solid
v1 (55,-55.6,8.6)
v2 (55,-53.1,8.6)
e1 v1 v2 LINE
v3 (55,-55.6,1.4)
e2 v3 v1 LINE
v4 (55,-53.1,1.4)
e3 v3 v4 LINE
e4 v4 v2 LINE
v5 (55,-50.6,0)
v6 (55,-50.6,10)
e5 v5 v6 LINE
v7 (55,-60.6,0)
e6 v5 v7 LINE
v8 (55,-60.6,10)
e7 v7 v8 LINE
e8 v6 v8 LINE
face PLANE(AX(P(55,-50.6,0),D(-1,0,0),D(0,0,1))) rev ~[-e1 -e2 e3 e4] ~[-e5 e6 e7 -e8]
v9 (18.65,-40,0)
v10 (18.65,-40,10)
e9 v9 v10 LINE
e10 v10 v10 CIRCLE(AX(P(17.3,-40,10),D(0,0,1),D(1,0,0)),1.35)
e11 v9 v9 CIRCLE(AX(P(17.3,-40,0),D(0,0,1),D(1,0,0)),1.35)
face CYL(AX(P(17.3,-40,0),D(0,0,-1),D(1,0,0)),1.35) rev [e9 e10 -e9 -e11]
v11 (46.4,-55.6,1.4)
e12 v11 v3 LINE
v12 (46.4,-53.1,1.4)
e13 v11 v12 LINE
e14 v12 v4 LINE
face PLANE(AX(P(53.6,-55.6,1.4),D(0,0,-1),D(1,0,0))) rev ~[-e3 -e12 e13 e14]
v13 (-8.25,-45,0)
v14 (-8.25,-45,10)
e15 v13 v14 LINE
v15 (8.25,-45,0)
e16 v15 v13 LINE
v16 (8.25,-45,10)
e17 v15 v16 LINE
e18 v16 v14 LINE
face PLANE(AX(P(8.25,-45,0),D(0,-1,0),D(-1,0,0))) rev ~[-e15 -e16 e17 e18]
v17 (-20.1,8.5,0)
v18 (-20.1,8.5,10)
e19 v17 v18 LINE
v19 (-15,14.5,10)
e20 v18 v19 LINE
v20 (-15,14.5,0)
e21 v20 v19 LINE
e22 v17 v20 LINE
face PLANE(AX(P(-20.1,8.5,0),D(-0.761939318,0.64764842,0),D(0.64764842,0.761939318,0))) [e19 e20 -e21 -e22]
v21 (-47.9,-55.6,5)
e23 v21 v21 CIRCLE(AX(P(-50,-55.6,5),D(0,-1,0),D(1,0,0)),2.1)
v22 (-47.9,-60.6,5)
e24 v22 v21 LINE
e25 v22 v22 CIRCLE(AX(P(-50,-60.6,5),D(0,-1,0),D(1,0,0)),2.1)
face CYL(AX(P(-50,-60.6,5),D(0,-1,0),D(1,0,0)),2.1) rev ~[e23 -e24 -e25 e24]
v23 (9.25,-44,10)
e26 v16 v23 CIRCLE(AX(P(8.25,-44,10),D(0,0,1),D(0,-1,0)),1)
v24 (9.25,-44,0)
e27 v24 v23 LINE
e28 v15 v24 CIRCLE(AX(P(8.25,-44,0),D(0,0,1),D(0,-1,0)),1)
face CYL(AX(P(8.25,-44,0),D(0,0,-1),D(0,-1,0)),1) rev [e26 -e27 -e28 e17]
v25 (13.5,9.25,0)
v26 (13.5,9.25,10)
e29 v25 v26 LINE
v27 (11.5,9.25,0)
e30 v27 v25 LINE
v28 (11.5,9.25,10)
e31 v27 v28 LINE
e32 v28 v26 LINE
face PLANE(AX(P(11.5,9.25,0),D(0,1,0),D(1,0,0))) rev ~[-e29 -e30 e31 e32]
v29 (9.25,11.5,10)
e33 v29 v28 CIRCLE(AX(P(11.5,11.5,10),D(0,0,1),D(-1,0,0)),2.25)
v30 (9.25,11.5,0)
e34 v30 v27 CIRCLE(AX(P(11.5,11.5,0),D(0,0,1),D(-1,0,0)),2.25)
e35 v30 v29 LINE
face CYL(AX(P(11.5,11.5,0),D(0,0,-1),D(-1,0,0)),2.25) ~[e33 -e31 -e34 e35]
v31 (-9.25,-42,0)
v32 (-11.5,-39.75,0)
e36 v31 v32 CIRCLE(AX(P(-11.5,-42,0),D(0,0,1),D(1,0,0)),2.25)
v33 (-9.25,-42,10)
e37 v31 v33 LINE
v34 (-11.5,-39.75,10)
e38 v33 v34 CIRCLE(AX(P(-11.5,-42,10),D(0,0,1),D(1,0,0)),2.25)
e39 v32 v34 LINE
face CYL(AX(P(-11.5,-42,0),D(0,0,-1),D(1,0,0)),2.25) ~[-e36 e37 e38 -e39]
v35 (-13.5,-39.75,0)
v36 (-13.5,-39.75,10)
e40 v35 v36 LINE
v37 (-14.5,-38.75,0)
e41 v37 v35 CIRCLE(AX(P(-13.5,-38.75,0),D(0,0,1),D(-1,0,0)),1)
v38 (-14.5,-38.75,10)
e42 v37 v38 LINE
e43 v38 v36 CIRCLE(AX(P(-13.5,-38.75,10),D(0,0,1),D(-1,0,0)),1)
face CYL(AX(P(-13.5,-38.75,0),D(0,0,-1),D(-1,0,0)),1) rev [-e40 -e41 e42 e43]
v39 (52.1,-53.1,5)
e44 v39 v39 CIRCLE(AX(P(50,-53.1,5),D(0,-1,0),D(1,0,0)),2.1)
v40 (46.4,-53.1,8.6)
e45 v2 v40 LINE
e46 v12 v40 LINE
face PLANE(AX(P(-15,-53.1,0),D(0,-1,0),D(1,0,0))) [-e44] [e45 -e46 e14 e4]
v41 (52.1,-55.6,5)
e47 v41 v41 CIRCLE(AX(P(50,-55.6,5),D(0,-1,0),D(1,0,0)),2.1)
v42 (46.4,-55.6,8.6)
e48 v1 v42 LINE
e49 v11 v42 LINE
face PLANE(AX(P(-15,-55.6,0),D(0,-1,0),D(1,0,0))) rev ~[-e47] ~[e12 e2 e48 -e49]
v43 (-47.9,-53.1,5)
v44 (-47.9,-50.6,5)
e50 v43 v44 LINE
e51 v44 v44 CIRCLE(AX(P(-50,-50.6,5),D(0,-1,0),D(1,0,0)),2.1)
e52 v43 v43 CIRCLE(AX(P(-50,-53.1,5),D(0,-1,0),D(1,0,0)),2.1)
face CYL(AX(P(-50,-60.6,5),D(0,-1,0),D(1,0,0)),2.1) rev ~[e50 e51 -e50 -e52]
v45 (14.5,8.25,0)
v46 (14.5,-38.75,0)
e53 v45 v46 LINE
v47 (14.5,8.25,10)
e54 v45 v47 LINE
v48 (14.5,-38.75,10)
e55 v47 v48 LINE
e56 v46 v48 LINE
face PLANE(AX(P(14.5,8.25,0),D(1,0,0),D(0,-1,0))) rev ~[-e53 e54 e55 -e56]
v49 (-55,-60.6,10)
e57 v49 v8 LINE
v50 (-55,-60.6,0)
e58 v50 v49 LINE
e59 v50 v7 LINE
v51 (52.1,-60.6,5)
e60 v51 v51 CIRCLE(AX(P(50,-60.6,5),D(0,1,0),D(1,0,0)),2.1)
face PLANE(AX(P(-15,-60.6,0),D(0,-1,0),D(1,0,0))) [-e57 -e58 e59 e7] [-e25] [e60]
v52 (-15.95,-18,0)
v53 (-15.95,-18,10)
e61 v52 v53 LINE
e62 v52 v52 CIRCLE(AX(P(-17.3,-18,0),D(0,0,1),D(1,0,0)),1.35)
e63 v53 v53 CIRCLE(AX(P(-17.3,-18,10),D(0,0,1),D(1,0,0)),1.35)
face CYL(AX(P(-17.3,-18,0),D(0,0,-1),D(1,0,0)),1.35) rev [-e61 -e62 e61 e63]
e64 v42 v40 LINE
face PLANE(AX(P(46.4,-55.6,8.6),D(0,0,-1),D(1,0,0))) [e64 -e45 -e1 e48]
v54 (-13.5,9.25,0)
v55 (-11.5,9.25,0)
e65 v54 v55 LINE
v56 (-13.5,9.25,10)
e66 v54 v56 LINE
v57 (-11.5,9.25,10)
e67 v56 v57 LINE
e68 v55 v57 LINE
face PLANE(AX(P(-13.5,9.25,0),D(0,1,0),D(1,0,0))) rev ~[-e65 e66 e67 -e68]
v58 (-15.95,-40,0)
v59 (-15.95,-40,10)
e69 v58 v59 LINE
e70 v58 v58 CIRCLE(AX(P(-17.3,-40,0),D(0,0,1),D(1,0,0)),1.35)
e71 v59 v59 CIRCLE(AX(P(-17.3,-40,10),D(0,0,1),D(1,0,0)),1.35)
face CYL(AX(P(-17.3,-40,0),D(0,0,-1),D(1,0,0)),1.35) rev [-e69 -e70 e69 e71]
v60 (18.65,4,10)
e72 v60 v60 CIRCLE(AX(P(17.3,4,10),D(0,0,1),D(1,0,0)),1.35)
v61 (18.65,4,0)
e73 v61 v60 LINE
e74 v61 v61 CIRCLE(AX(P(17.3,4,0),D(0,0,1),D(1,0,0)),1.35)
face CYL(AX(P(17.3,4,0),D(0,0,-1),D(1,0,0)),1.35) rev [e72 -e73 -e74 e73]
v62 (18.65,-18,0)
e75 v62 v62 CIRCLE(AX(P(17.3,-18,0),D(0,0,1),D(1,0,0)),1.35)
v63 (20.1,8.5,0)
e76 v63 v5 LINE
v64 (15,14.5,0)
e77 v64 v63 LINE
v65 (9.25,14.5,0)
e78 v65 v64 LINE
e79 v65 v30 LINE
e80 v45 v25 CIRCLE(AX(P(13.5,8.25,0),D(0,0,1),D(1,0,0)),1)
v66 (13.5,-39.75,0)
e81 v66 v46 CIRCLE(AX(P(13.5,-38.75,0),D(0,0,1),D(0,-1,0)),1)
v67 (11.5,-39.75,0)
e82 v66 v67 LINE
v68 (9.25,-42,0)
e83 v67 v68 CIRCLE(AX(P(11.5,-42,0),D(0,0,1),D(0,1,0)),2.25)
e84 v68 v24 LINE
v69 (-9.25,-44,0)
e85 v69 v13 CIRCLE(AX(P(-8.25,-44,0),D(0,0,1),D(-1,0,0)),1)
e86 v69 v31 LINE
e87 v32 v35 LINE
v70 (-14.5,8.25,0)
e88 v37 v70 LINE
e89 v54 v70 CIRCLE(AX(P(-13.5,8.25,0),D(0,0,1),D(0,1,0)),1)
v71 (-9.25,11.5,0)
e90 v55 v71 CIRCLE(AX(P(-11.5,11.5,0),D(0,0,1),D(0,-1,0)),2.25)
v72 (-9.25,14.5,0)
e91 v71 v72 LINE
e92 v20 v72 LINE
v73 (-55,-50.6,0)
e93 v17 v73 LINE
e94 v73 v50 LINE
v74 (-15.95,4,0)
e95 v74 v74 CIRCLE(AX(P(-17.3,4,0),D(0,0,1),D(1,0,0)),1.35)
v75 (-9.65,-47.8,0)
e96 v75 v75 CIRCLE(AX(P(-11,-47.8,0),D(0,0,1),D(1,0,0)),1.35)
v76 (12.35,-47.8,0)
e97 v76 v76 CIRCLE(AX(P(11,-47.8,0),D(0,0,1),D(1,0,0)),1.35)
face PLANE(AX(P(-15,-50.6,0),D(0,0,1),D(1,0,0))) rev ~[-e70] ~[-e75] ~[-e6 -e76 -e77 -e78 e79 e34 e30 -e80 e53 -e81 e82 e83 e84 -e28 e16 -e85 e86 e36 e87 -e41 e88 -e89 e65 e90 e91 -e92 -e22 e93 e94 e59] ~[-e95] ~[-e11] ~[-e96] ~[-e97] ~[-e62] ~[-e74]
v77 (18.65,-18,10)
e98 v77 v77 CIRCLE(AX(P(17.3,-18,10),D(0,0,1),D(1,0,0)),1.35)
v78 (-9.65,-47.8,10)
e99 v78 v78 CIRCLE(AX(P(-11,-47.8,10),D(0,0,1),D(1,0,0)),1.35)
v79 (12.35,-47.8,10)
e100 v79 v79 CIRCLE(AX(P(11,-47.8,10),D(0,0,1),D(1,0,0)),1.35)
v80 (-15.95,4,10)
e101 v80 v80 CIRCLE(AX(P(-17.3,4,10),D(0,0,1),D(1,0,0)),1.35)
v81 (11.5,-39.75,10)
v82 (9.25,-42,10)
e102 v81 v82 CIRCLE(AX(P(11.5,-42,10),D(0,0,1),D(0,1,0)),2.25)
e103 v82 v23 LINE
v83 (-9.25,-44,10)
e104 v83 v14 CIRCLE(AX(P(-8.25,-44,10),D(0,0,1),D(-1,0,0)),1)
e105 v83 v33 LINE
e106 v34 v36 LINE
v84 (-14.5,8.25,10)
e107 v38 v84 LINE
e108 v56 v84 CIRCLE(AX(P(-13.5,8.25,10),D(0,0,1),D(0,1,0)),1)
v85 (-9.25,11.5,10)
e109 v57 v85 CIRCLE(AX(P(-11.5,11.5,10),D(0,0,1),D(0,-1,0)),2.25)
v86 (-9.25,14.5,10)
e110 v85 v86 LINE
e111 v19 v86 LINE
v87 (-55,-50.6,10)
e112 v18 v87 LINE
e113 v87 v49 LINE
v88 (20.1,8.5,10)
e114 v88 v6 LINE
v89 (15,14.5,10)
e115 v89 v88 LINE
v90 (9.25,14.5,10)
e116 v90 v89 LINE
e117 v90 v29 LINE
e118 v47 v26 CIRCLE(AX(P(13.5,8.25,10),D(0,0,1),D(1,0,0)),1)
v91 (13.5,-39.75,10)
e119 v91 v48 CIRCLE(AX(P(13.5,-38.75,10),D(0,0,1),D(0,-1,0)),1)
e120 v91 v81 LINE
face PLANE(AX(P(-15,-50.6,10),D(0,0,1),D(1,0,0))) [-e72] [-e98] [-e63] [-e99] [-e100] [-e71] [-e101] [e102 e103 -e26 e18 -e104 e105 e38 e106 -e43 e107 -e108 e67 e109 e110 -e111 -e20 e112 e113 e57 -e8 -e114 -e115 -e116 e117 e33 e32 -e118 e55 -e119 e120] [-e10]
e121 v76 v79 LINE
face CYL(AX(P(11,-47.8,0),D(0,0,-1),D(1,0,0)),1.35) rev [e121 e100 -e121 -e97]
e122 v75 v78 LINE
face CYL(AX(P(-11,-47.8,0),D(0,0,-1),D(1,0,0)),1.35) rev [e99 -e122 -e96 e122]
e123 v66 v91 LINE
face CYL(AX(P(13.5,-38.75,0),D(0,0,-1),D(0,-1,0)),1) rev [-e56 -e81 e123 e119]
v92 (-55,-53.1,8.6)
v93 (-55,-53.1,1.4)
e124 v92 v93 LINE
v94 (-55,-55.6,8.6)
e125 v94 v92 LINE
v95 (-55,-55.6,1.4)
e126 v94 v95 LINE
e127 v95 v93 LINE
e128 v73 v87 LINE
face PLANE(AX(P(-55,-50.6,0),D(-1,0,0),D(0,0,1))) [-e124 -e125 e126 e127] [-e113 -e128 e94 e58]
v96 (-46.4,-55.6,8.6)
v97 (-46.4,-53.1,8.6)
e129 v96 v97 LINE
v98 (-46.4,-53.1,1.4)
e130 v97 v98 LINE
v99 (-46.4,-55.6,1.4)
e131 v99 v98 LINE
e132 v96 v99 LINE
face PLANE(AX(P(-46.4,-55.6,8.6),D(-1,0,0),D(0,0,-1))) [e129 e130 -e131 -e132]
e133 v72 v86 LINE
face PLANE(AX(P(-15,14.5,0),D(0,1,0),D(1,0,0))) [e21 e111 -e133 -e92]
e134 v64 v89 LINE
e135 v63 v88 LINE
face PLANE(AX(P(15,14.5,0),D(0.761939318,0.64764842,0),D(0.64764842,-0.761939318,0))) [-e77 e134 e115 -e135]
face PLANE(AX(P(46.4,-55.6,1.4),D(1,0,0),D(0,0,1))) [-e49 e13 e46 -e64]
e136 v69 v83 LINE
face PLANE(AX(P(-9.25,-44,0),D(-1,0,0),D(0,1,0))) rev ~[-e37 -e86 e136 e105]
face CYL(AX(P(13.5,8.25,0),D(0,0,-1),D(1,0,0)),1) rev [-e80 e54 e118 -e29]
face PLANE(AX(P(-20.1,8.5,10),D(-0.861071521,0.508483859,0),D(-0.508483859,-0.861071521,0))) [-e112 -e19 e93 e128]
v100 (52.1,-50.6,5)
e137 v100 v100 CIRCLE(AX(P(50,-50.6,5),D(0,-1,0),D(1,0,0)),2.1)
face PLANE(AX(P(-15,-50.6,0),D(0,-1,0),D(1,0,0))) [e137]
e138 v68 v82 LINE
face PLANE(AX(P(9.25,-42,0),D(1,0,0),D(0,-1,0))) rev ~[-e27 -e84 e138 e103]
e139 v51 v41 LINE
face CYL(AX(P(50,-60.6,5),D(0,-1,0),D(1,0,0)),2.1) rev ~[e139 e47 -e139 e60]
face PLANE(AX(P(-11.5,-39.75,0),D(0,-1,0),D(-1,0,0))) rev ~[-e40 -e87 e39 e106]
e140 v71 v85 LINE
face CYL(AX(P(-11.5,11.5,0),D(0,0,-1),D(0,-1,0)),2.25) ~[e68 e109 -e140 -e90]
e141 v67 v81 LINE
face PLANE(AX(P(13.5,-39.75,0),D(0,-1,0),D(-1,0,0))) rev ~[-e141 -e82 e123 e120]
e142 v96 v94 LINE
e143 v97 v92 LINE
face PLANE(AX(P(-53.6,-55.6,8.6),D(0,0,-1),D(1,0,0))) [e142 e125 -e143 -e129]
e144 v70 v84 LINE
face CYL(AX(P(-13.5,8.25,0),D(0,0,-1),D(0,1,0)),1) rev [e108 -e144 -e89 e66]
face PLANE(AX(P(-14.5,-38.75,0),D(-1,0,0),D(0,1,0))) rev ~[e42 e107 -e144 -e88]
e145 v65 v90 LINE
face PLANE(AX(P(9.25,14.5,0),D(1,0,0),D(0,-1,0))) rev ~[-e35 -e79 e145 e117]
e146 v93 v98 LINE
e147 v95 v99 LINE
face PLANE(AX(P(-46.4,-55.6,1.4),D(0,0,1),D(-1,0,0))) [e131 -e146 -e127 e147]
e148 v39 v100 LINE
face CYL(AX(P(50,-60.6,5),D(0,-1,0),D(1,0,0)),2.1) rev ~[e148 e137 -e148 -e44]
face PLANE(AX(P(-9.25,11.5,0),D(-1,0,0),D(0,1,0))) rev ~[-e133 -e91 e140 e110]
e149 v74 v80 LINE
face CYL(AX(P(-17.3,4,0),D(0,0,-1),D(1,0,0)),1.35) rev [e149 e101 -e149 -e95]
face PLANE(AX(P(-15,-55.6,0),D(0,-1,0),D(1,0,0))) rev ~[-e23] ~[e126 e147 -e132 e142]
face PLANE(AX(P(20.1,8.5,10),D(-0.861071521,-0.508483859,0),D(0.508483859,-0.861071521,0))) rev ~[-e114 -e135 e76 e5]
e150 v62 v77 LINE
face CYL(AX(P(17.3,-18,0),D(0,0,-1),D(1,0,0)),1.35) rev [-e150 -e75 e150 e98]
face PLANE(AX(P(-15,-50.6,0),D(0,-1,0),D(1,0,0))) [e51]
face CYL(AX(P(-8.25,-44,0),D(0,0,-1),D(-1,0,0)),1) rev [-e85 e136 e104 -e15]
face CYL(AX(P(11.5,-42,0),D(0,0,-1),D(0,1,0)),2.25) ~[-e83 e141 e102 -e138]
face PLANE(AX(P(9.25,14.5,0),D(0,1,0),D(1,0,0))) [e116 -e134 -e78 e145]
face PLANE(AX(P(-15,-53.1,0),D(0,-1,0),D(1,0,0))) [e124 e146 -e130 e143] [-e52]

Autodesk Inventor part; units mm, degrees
ref_plane "YZ Plane" through (0, 0, 0) normal (1, 0, 0) x (0, 1, 0)
ref_plane "XZ Plane" through (0, 0, 0) normal (0, 1, 0) x (-1, 0, 0)
ref_plane "XY Plane" through (0, 0, 0) normal (0, 0, 1) x (1, 0, 0)
sketch "Sketch1" plane through (0, 0, 0) normal (0, 0, 1) x (1, 0, 0)
  line L0 (13.5, -39.75) -> (11.5, -39.75) projected
  arc A0 (11.5, -39.75) -> (9.25, -42) centre (11.5, -42) ccw projected
  line L1 (9.25, -42) -> (9.25, -44) projected
  arc A1 (8.25, -45) -> (9.25, -44) centre (8.25, -44) ccw projected
  line L2 (8.25, -45) -> (-8.25, -45) projected
  arc A2 (-9.25, -44) -> (-8.25, -45) centre (-8.25, -44) ccw projected
  line L3 (-9.25, -44) -> (-9.25, -42) projected
  arc A3 (-9.25, -42) -> (-11.5, -39.75) centre (-11.5, -42) ccw projected
  line L4 (-11.5, -39.75) -> (-13.5, -39.75) projected
  arc A4 (-14.5, -38.75) -> (-13.5, -39.75) centre (-13.5, -38.75) ccw projected
  line L5 (-14.5, -38.75) -> (-14.5, 8.25) projected
  arc A5 (-13.5, 9.25) -> (-14.5, 8.25) centre (-13.5, 8.25) ccw projected
  line L6 (-13.5, 9.25) -> (-11.5, 9.25) projected
  arc A6 (-11.5, 9.25) -> (-9.25, 11.5) centre (-11.5, 11.5) ccw projected
  line L7 (-9.25, 11.5) -> (-9.25, 14.5) projected
  line L8 (-15, 14.5) -> (-9.25, 14.5) projected
  line L9 (-20.1, 8.5) -> (-15, 14.5) projected
  line L10 (-20.1, -44.6) -> (-20.1, 8.5) projected
  line L11 (-15, -50.6) -> (-20.1, -44.6) projected
  line L12 (15, -50.6) -> (-15, -50.6) projected
  line L13 (20.1, -44.6) -> (15, -50.6) projected
  line L14 (20.1, 8.5) -> (20.1, -44.6) projected
  line L15 (15, 14.5) -> (20.1, 8.5) projected
  line L16 (9.25, 14.5) -> (15, 14.5) projected
  line L17 (9.25, 14.5) -> (9.25, 11.5) projected
  arc A7 (9.25, 11.5) -> (11.5, 9.25) centre (11.5, 11.5) ccw projected
  line L18 (11.5, 9.25) -> (13.5, 9.25) projected
  arc A8 (14.5, 8.25) -> (13.5, 9.25) centre (13.5, 8.25) ccw projected
  line L19 (14.5, 8.25) -> (14.5, -38.75) projected
  arc A9 (13.5, -39.75) -> (14.5, -38.75) centre (13.5, -38.75) ccw projected
  circle A10 centre (17.3, 4) radius 1.35 projected
  circle A11 centre (17.3, -18) radius 1.35 projected
  circle A12 centre (11, -47.8) radius 1.35 projected
  circle A13 centre (-17.3, 4) radius 1.35 projected
  circle A14 centre (-17.3, -18) radius 1.35 projected
  circle A15 centre (-11, -47.8) radius 1.35 projected
  circle A16 centre (17.3, -40) radius 1.35 projected
  circle A17 centre (-17.3, -40) radius 1.35 projected
  point P0 (0, 0)
extrude "Extrusion1" add sketch "Sketch1" along normal blind 10
sketch "Sketch2" plane through (-15, -50.6, 0) normal (0, -1, 0) x (1, 0, 0)
  line L0 (0, 0) -> (30, 0) projected
  line L1 (30, 0) -> (30, 10) projected
  line L2 (0, 10) -> (30, 10) projected
  line L3 (0, 0) -> (0, 10) projected
  line L4 (15, 0) -> (70, 0)
  line L5 (70, 0) -> (70, 10)
  line L6 (70, 10) -> (15, 10)
  line L7 (15, 10) -> (15, 0)
  line L8 (15, 0) -> (-40, 0)
  line L9 (-40, 0) -> (-40, 10)
  line L10 (-40, 10) -> (15, 10)
  line L11 (15, 10) -> (15, 0)
  dimension "d2" = 55
  dimension "d3" = 10
  dimension "d4" = 55
  dimension "d5" = 10
extrude "Extrusion2" add sketch "Sketch2" along normal blind 10
sketch "Sketch3" plane through (0, 0, 10) normal (0, 0, 1) x (1, 0, 0)
  circle A0 centre (-17.3, -40) radius 1.35 projected
  circle A1 centre (17.3, -40) radius 1.35 projected
  circle A2 centre (-11, -47.8) radius 1.35 projected
  circle A3 centre (-17.3, -18) radius 1.35 projected
  circle A4 centre (-17.3, 4) radius 1.35 projected
  circle A5 centre (11, -47.8) radius 1.35 projected
  circle A6 centre (17.3, -18) radius 1.35 projected
  circle A7 centre (17.3, 4) radius 1.35 projected
  line L0 (13.5, -39.75) -> (11.5, -39.75) projected
  arc A8 (11.5, -39.75) -> (9.25, -42) centre (11.5, -42) ccw projected
  line L1 (9.25, -42) -> (9.25, -44) projected
  arc A9 (8.25, -45) -> (9.25, -44) centre (8.25, -44) ccw projected
  line L2 (8.25, -45) -> (-8.25, -45) projected
  arc A10 (-9.25, -44) -> (-8.25, -45) centre (-8.25, -44) ccw projected
  line L3 (-9.25, -44) -> (-9.25, -42) projected
  arc A11 (-9.25, -42) -> (-11.5, -39.75) centre (-11.5, -42) ccw projected
  line L4 (-11.5, -39.75) -> (-13.5, -39.75) projected
  arc A12 (-14.5, -38.75) -> (-13.5, -39.75) centre (-13.5, -38.75) ccw projected
  line L5 (-14.5, -38.75) -> (-14.5, 8.25) projected
  arc A13 (-13.5, 9.25) -> (-14.5, 8.25) centre (-13.5, 8.25) ccw projected
  line L6 (-13.5, 9.25) -> (-11.5, 9.25) projected
  arc A14 (-11.5, 9.25) -> (-9.25, 11.5) centre (-11.5, 11.5) ccw projected
  line L7 (-9.25, 11.5) -> (-9.25, 14.5) projected
  line L8 (-9.25, 14.5) -> (-15, 14.5) projected
  line L9 (-15, 14.5) -> (-20.1, 8.5) projected
  line L10 (-20.1, 8.5) -> (-20.1, -44.6) projected
  line L11 (-20.1, -44.6) -> (-15, -50.6) projected
  line L12 (-15, -50.6) -> (-55, -50.6) projected
  line L13 (-55, -50.6) -> (-55, -60.6) projected
  line L14 (55, -60.6) -> (-55, -60.6) projected
  line L15 (55, -50.6) -> (55, -60.6) projected
  line L16 (55, -50.6) -> (15, -50.6) projected
  line L17 (15, -50.6) -> (20.1, -44.6) projected
  line L18 (20.1, -44.6) -> (20.1, 8.5) projected
  line L19 (20.1, 8.5) -> (15, 14.5) projected
  line L20 (15, 14.5) -> (9.25, 14.5) projected
  line L21 (9.25, 14.5) -> (9.25, 11.5) projected
  arc A15 (9.25, 11.5) -> (11.5, 9.25) centre (11.5, 11.5) ccw projected
  line L22 (11.5, 9.25) -> (13.5, 9.25) projected
  arc A16 (14.5, 8.25) -> (13.5, 9.25) centre (13.5, 8.25) ccw projected
  line L23 (14.5, 8.25) -> (14.5, -38.75) projected
  arc A17 (13.5, -39.75) -> (14.5, -38.75) centre (13.5, -38.75) ccw projected
  line L24 (-20.1, 8.5) -> (-55, -50.6)
  line L25 (20.1, -44.6) -> (20.1, 8.5) projected
  line L26 (15, -50.6) -> (55, -50.6) projected
  line L27 (20.1, 8.5) -> (55, -50.6)
  point P0 (0, 0)
extrude "Extrusion3" add sketch "Sketch3" against normal blind 10 contours L27 L16 L17 L18 | L24 L10 L11 L12
sketch "Sketch4" plane through (-15, -60.6, 0) normal (0, -1, 0) x (1, 0, 0)
  line L0 (15, 0) -> (15, 5)
  line L1 (15, 0) -> (20, 0) construction
  line L2 (15, 5) -> (-35, 5)
  line L3 (15, 5) -> (65, 5)
  line L4 (15, 5) -> (65, 5) construction
  circle A0 centre (-35, 5) radius 2.1
  circle A1 centre (65, 5) radius 2.1
  dimension "d10" = 5
  dimension "d11" = 90
  dimension "d12" = 50
  dimension "d13" = 90
  dimension "d14" = 50
  dimension "d15" = 0
  dimension "d16" = 4.2
  dimension "d17" = 4.2
extrude "Extrusion4" cut sketch "Sketch4" against normal blind 10
ref_plane "Work Plane1" through (-15, -55.6, 0) normal (0, -1, 0) x (1, 0, 0)
sketch "Sketch5" plane through (-15, -55.6, 0) normal (0, -1, 0) x (1, 0, 0)
  circle A0 centre (-35, 5) radius 2.1 projected
  circle A1 centre (65, 5) radius 2.1 projected
  line L0 (-38.6, 8.6) -> (-31.4, 8.6)
  line L1 (-31.4, 8.6) -> (-31.4, 1.4)
  line L2 (-31.4, 1.4) -> (-38.6, 1.4)
  line L3 (-38.6, 1.4) -> (-38.6, 8.6)
  line L4 (-38.6, 8.6) -> (-31.4, 1.4)
  line L5 (-31.4, 8.6) -> (-38.6, 1.4)
  line L6 (61.4, 8.6) -> (68.6, 8.6)
  line L7 (68.6, 8.6) -> (68.6, 1.4)
  line L8 (68.6, 1.4) -> (61.4, 1.4)
  line L9 (61.4, 1.4) -> (61.4, 8.6)
  line L10 (61.4, 8.6) -> (68.6, 1.4)
  line L11 (68.6, 8.6) -> (61.4, 1.4)
  line L12 (70, 0) -> (70, 10) projected
  line L13 (68.6, 1.4) -> (70, 1.4)
  line L14 (70, 1.4) -> (70, 8.6)
  line L15 (70, 8.6) -> (68.6, 8.6)
  line L16 (68.6, 8.6) -> (68.6, 1.4)
  line L17 (-40, 10) -> (-40, 0) construction
  line L18 (-38.6, 8.6) -> (-40, 8.6)
  line L19 (-40, 8.6) -> (-40, 1.4)
  line L20 (-40, 1.4) -> (-38.6, 1.4)
  line L21 (-38.6, 1.4) -> (-38.6, 8.6)
  point P0 (15, 0)
  dimension "d21" = 7.2
  dimension "d22" = 7.2
  dimension "d23" = 7.2
  dimension "d24" = 7.2
extrude "Extrusion5" cut sketch "Sketch5" against normal blind 2.5
properties part number "motor_mount"
